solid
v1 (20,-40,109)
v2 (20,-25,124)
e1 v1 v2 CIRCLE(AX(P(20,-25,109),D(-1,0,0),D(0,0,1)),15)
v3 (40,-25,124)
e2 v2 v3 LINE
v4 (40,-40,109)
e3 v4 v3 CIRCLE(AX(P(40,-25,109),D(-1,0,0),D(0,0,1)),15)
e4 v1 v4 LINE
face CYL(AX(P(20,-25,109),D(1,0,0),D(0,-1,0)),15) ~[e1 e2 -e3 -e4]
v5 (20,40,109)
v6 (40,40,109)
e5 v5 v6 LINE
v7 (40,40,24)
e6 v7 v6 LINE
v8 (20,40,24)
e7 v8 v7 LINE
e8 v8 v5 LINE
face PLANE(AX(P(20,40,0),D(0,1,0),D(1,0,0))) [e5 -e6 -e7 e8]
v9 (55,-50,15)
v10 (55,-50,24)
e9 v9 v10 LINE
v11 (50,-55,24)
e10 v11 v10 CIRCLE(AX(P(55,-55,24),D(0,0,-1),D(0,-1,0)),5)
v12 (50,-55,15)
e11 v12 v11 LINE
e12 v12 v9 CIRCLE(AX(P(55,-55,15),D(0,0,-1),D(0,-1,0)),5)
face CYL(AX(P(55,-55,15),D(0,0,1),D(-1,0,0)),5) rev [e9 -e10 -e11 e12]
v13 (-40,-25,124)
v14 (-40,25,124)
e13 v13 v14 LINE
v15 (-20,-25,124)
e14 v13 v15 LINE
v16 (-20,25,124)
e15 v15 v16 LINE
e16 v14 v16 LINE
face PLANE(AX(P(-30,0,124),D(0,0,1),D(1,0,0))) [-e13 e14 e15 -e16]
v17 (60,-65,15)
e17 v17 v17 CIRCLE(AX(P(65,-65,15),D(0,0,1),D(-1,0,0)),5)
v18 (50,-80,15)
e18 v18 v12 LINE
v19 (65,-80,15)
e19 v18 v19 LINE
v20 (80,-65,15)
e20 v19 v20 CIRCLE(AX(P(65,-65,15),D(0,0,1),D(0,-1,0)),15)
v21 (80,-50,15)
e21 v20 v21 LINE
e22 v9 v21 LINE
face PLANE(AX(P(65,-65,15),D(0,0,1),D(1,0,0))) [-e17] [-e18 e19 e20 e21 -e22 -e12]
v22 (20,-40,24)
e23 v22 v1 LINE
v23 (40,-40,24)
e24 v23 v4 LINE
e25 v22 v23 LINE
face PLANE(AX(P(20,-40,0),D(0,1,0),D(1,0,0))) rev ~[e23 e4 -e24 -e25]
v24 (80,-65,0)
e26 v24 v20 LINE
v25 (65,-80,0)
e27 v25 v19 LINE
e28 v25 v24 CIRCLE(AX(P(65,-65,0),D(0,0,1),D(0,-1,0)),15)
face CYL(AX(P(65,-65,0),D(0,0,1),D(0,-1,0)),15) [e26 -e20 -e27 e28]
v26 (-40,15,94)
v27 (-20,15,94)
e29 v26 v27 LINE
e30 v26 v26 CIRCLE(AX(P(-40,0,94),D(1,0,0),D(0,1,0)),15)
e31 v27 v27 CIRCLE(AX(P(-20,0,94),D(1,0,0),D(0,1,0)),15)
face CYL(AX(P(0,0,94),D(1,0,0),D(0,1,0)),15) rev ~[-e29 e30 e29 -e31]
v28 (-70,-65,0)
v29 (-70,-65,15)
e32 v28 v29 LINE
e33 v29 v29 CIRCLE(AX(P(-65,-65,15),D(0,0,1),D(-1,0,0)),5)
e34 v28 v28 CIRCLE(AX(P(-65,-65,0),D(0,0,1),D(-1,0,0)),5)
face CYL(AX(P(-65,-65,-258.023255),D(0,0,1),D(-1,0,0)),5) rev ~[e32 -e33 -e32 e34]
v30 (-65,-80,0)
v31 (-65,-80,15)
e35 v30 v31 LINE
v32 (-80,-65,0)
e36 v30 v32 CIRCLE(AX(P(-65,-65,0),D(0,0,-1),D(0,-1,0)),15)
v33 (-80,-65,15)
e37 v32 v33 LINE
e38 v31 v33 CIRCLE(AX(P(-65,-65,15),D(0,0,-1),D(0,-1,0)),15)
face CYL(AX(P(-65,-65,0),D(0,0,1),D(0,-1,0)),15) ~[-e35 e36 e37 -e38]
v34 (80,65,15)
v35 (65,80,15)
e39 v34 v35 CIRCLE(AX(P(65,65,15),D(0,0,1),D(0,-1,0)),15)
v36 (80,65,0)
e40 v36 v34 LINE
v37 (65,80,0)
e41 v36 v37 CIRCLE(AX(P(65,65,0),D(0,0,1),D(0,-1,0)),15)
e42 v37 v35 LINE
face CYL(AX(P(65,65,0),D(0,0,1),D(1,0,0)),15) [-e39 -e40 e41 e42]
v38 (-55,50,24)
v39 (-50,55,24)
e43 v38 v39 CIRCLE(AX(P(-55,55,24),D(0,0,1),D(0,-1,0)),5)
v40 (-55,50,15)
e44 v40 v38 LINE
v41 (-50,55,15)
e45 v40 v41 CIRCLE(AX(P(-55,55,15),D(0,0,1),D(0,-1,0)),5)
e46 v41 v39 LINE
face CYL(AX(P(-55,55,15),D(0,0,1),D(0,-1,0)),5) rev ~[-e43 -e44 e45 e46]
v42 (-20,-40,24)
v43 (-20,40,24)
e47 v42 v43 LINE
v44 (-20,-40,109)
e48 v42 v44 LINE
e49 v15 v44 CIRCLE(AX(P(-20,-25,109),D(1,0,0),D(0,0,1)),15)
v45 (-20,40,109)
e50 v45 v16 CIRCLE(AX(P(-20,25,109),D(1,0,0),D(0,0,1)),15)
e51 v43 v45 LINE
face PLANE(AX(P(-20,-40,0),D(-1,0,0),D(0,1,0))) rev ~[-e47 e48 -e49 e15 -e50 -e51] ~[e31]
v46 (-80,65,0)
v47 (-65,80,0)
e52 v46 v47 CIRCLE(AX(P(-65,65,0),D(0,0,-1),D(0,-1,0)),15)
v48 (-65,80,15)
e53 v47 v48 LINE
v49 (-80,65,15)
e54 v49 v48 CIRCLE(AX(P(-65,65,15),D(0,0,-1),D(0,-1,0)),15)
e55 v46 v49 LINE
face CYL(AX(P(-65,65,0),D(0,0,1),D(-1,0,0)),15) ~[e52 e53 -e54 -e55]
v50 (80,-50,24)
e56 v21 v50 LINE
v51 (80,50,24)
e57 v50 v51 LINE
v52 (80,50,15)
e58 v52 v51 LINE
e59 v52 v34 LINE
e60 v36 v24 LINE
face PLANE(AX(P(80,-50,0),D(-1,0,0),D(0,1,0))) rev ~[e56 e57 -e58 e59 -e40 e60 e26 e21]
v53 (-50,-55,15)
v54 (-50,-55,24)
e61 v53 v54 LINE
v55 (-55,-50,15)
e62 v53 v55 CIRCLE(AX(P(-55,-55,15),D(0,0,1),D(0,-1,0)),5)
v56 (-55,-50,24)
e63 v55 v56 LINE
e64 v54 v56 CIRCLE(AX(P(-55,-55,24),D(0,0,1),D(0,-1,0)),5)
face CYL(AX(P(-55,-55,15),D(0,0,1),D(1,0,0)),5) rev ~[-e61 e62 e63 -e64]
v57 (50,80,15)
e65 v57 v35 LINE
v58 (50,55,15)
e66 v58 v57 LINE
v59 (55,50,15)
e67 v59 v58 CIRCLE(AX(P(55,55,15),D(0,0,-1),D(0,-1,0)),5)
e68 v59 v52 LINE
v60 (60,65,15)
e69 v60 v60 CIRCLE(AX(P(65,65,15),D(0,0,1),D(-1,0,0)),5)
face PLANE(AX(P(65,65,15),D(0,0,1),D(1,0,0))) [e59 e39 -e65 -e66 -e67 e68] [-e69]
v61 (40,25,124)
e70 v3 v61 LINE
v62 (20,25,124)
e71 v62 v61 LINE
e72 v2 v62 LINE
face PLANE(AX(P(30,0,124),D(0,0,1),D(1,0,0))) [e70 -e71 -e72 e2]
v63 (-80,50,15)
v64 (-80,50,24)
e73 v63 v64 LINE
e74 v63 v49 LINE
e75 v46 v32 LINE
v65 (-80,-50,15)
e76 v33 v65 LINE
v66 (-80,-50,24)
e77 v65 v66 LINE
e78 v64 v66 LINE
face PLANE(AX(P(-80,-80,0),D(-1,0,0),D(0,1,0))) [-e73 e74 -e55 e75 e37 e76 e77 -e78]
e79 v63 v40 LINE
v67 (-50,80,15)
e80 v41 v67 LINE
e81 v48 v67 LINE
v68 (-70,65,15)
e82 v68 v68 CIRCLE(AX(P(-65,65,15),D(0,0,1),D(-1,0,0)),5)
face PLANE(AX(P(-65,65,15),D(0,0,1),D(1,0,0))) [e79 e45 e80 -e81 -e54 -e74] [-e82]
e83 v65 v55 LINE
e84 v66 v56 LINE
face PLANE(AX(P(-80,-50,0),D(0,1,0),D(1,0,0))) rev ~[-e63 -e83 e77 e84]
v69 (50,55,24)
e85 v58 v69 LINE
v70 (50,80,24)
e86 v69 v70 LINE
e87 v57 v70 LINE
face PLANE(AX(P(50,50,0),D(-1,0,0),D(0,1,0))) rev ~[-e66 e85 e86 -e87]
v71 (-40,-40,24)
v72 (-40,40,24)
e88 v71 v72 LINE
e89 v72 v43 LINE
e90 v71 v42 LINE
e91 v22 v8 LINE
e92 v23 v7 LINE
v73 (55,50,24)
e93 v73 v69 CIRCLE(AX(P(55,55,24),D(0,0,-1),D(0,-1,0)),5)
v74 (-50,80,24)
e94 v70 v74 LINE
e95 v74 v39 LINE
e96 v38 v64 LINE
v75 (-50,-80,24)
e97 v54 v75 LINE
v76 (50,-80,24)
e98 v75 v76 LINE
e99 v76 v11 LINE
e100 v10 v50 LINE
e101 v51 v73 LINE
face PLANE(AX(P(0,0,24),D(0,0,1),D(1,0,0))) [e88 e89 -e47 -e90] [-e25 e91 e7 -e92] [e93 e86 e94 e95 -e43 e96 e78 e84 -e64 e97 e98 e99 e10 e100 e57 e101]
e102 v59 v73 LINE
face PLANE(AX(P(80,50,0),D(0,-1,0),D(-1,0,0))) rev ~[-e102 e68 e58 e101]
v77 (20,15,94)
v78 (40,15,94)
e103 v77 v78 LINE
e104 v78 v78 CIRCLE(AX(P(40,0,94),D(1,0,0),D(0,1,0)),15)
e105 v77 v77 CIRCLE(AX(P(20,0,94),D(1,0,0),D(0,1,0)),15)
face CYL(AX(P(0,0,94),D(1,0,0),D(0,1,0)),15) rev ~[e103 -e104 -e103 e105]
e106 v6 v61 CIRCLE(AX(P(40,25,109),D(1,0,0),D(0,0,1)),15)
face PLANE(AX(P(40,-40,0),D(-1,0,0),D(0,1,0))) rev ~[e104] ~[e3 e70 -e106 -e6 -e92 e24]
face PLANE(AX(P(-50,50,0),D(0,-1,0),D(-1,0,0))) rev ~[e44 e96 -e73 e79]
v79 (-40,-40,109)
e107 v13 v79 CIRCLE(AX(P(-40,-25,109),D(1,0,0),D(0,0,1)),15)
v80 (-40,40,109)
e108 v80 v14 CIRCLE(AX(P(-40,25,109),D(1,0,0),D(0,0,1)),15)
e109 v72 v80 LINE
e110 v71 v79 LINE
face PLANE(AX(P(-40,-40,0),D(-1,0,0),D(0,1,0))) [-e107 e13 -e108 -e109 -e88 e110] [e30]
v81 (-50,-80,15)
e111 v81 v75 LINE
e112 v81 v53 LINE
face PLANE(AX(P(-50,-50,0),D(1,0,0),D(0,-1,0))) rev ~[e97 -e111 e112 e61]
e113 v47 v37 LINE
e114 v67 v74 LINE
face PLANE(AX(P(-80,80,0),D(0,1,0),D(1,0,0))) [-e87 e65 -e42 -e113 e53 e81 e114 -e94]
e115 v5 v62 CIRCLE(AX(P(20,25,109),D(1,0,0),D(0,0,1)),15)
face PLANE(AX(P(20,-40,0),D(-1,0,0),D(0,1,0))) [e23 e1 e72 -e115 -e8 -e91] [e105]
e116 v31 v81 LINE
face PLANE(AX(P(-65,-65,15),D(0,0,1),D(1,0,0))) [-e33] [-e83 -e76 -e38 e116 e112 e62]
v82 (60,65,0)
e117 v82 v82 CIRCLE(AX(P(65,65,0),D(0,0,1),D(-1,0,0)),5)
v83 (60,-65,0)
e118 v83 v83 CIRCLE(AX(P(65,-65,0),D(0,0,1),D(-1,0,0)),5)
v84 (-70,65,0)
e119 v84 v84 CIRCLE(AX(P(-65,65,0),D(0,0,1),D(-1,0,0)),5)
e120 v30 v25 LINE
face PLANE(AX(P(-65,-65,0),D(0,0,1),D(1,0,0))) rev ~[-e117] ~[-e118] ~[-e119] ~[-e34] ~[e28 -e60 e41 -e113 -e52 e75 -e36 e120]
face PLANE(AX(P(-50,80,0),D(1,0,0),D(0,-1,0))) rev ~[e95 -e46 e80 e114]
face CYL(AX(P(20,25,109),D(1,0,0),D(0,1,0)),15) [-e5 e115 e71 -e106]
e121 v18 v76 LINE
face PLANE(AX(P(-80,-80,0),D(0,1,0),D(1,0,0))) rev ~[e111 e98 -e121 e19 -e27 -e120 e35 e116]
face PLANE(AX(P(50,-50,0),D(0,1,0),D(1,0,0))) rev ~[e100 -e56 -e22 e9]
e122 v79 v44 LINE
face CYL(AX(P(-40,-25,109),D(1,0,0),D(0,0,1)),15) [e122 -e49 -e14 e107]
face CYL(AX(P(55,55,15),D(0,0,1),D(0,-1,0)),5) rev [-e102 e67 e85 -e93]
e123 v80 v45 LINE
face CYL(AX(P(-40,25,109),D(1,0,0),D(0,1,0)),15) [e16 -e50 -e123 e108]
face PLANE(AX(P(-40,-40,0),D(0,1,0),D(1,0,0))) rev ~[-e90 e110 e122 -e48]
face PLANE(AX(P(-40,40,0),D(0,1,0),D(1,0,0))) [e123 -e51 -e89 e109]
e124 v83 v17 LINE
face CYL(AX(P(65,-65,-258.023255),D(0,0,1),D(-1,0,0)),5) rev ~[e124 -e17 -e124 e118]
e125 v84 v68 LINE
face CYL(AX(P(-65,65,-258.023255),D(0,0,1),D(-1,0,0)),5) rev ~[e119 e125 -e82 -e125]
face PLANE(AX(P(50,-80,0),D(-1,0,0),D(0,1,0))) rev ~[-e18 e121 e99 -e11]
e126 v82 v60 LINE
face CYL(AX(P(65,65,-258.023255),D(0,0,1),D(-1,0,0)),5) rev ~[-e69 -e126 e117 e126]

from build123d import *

# Parameters (mm, degrees)
F0_W     = 20
F0_H     = 80
F1_DEPTH = 24
F0_W_2   = 30
F0_H_2   = 30
F2_DEPTH = 15
F3_DEPTH = 124
F4_R     = 15
F5_R     = 5
F6_D     = 10
F7_R     = 15
F8_DEPTH = 52


with BuildPart() as f1:
    # F0 (on Top) → F1 (new body)
    with BuildSketch(Plane.XY):
        Polygon((-50, -80), (50, -80), (50, -50), (80, -50), (80, 50), (50, 50), (50, 80), (-50, 80), (-50, 50), (-80, 50), (-80, -50), (-50, -50), align=None)
        with Locations((-30, 0)):
            Rectangle(F0_W, F0_H, mode=Mode.SUBTRACT)
        with Locations((30, 0)):
            Rectangle(F0_W, F0_H, mode=Mode.SUBTRACT)
    extrude(amount=F1_DEPTH)

    # F0 (on Top) → F2 (join)
    with BuildSketch(Plane.XY):
        with Locations((-65, -65)):
            Rectangle(F0_W_2, F0_H_2)
        with Locations((65, -65)):
            Rectangle(F0_W_2, F0_H_2)
        with Locations((65, 65)):
            Rectangle(F0_W_2, F0_H_2)
        with Locations((-65, 65)):
            Rectangle(F0_W_2, F0_H_2)
    extrude(amount=F2_DEPTH)

    # F0 (on Top) → F3 (join)
    with BuildSketch(Plane.XY):
        with Locations((-30, 0)):
            Rectangle(F0_W, F0_H)
        with Locations((30, 0)):
            Rectangle(F0_W, F0_H)
    extrude(amount=F3_DEPTH)

    # F4
    f4_edges = [f1.edges().sort_by_distance(p)[0] for p in [
        (-30, -40, 124),
        (30, -40, 124),
        (30, 40, 124),
        (-30, 40, 124),
        (-80, -80, 7.5),
        (80, -80, 7.5),
        (-80, 80, 7.5),
        (80, 80, 7.5),
    ]]
    fillet(f4_edges, radius=F4_R)

    # F5
    f5_edges = [f1.edges().sort_by_distance(p)[0] for p in [
        (50, 50, 19.5),
        (-50, 50, 19.5),
        (-50, -50, 19.5),
        (50, -50, 19.5),
    ]]
    fillet(f5_edges, radius=F5_R)

    # F6 (through all)
    with Locations(Plane(origin=(0, 0, 0), x_dir=(1, 0, 0), z_dir=(0, 0, -1))):
        with Locations((-65, 65), (-65, -65), (65, -65), (65, 65)):
            Hole(F6_D / 2)

    # F7 (on Right) → F8 (cut, symmetric)
    with BuildSketch(Plane.YZ):
        with Locations((0, 94)):
            Circle(F7_R)
    extrude(amount=F8_DEPTH, both=True, mode=Mode.SUBTRACT)


solid = f1.part
